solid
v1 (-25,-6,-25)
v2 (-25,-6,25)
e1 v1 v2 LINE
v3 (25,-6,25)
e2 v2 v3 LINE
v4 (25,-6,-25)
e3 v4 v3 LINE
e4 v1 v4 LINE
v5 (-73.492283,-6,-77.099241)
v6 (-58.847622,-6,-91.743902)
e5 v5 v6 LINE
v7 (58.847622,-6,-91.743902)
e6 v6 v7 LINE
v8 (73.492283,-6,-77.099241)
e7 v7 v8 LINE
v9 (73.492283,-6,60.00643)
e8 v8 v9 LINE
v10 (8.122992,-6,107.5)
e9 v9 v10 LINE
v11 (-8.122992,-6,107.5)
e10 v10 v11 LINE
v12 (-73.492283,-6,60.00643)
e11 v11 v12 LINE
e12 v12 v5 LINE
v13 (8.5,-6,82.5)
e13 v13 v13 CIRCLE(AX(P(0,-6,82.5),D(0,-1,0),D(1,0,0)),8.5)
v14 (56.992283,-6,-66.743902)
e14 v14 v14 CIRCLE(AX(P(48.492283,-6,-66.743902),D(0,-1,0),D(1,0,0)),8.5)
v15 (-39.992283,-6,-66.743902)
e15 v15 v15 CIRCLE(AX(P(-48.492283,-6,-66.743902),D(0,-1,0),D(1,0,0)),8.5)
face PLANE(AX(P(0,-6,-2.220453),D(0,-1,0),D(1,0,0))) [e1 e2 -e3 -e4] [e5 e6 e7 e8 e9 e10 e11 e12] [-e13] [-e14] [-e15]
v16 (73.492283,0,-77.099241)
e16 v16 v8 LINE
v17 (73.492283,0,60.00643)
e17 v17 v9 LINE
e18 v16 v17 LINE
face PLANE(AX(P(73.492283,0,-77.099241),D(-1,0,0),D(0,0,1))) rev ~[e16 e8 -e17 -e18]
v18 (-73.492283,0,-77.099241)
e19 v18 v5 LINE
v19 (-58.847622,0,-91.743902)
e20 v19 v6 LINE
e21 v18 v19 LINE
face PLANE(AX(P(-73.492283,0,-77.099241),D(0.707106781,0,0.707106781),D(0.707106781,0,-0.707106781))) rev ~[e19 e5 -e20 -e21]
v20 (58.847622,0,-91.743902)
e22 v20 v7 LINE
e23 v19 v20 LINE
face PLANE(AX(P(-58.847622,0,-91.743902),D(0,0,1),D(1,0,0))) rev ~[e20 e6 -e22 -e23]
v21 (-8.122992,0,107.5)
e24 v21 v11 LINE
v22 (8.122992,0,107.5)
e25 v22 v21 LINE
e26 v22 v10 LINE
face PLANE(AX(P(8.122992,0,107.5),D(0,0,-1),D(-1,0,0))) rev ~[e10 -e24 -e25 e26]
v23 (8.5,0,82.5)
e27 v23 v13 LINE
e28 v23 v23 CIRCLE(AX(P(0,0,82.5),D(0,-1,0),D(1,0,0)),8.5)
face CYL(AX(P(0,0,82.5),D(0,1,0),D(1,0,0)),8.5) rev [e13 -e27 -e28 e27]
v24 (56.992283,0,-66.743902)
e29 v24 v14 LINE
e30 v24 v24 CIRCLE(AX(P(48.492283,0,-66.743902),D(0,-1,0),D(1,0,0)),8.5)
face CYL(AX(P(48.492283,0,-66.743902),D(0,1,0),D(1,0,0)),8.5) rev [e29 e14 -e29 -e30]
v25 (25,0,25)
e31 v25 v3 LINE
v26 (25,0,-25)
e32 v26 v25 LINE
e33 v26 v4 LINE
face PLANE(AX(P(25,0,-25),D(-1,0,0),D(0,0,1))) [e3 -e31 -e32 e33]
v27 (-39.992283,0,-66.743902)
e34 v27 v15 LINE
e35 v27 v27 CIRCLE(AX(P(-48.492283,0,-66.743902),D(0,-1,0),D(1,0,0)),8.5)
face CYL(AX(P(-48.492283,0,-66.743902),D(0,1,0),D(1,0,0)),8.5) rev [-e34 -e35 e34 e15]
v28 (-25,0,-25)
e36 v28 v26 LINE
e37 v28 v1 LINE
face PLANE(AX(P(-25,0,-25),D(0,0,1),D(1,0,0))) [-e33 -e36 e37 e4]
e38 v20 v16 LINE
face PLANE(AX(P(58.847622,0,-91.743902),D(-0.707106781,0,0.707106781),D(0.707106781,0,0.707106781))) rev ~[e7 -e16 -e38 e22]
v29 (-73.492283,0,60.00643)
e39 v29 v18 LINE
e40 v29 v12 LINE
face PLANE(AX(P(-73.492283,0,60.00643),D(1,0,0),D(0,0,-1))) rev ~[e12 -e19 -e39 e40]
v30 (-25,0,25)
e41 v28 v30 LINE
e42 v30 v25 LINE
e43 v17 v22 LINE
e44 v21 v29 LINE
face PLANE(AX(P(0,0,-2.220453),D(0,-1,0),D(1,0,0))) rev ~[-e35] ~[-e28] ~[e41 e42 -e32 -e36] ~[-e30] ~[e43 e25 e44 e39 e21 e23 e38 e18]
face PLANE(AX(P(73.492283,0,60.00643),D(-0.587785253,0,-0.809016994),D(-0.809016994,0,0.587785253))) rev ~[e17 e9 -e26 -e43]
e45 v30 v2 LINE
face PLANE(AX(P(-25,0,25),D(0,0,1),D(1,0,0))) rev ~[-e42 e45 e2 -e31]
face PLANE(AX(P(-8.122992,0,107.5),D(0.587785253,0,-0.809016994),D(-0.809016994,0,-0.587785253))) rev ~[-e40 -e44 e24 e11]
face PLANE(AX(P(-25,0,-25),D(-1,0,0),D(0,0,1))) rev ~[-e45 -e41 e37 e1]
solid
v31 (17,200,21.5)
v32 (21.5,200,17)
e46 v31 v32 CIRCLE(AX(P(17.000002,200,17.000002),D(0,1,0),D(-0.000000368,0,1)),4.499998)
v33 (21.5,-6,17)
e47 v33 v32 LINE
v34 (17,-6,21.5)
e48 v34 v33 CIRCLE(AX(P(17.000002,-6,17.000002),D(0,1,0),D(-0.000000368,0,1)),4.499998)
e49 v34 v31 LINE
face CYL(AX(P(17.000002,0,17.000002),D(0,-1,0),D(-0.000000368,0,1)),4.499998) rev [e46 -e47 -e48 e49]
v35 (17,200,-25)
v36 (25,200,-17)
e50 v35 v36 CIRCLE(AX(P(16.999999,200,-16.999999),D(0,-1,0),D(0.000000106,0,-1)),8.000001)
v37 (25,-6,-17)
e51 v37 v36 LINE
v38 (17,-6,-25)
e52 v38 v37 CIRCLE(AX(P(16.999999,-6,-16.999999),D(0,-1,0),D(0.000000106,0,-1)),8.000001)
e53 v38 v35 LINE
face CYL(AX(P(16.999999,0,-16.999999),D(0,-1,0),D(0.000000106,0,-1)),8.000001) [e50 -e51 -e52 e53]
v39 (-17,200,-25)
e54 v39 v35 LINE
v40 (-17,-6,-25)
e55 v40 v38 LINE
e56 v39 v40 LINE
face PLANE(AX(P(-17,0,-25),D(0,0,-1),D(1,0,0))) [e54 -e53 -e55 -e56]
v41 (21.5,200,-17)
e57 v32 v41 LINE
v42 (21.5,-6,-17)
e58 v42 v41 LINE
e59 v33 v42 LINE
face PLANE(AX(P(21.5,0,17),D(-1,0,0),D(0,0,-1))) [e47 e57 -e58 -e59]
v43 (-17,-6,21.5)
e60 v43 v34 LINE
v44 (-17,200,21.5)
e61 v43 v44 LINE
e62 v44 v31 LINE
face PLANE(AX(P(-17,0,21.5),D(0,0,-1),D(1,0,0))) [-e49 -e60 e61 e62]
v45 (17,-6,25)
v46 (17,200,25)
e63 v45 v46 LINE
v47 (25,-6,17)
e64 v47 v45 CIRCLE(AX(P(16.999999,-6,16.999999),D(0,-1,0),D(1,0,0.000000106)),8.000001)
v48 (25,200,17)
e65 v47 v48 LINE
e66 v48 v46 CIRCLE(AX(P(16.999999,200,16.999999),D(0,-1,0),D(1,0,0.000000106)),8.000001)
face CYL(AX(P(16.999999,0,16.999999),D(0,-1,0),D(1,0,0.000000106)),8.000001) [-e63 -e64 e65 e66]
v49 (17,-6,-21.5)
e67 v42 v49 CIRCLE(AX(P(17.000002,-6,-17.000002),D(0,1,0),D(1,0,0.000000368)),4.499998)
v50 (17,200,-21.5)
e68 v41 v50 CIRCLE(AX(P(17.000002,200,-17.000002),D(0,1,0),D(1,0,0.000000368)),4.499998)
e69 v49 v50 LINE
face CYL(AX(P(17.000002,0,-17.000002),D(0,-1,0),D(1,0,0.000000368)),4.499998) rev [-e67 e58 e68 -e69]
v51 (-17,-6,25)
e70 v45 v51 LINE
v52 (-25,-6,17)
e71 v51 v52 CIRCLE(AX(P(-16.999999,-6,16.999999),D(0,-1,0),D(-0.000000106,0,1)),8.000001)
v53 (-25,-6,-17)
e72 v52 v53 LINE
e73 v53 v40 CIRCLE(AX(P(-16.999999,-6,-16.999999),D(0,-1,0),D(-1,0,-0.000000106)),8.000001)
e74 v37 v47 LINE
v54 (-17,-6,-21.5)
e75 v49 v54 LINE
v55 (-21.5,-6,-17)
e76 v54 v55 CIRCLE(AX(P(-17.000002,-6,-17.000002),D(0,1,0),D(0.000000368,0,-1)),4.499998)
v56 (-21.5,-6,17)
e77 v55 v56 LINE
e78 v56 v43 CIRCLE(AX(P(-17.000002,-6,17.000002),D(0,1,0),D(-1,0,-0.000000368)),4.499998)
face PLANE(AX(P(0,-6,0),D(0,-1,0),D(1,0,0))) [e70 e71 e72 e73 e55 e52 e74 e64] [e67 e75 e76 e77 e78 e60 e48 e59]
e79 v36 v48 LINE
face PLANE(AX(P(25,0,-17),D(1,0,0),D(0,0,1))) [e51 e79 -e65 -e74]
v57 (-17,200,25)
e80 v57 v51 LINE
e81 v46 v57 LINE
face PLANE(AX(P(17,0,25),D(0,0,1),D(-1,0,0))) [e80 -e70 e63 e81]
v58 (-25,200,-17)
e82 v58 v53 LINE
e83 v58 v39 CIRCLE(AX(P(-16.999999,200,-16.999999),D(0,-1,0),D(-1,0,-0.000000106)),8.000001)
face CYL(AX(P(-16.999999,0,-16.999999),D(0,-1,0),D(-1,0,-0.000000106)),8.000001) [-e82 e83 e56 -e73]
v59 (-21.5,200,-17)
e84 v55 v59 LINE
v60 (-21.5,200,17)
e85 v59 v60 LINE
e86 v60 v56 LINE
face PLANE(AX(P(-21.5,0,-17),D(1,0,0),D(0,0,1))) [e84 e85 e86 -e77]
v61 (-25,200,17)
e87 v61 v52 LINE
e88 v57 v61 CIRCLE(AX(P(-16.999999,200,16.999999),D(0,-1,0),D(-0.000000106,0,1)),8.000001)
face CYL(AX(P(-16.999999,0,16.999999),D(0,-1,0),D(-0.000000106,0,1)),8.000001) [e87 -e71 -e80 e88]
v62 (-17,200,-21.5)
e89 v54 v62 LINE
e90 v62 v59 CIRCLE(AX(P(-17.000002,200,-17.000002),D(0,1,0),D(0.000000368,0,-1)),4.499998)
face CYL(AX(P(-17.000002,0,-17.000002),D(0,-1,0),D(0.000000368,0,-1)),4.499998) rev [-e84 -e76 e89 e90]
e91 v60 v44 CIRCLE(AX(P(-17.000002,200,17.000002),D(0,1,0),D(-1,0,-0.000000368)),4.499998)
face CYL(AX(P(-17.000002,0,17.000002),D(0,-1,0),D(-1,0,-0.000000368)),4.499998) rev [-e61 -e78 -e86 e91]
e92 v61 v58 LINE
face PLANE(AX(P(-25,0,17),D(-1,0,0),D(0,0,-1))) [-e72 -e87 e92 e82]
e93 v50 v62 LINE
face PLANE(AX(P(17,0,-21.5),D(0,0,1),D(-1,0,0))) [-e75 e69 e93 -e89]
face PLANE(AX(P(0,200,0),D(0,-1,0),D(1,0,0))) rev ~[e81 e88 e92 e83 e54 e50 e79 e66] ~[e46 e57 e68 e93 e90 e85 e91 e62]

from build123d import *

# Parameters (mm, degrees)
F0_R          = 8.5
F0_W          = 50
F0_H          = 50
F1_DEPTH      = 6
F3_DEPTH      = 6
F3_DEPTH_BACK = 200


with BuildPart() as f1:
    # F0 (on Front) → F1 (new body)
    with BuildSketch(Plane.XZ):
        Polygon((8.122992, 107.5), (0, 107.5), (-8.122992, 107.5), (-73.492283, 60.00643), (-73.492283, -77.099241), (-58.847622, -91.743902), (0, -91.743902), (58.847622, -91.743902), (73.492283, -77.099241), (73.492283, 60.00643), align=None)
        with Locations((-48.492283, -66.743902)):
            Circle(F0_R, mode=Mode.SUBTRACT)
        with Locations((48.492283, -66.743902)):
            Circle(F0_R, mode=Mode.SUBTRACT)
        Rectangle(F0_W, F0_H, mode=Mode.SUBTRACT)
        with Locations((0, 82.5)):
            Circle(F0_R, mode=Mode.SUBTRACT)
    extrude(amount=F1_DEPTH)


with BuildPart() as f3:
    # F2 (on Front) → F3 (new body, two sides)
    with BuildSketch(Plane.XZ) as f3_sk:
        with BuildLine():
            Line((17, 25), (-17, 25))
            ThreePointArc((-17, 25), (-22.656854, 22.656854), (-25, 17))
            Line((-25, 17), (-25, -17))
            ThreePointArc((-25, -17), (-22.656854, -22.656854), (-17, -25))
            Line((-17, -25), (17, -25))
            ThreePointArc((17, -25), (22.656854, -22.656854), (25, -17))
            Line((25, -17), (25, 17))
            ThreePointArc((25, 17), (22.656854, 22.656854), (17, 25))
        make_face()
        with BuildLine():
            ThreePointArc((-21.5, 17), (-20.181981, 20.181981), (-17, 21.5))
            Line((-17, 21.5), (17, 21.5))
            ThreePointArc((17, 21.5), (20.181981, 20.181981), (21.5, 17))
            Line((21.5, 17), (21.5, -17))
            ThreePointArc((21.5, -17), (20.181981, -20.181981), (17, -21.5))
            Line((17, -21.5), (-17, -21.5))
            ThreePointArc((-17, -21.5), (-20.181981, -20.181981), (-21.5, -17))
            Line((-21.5, -17), (-21.5, 17))
        make_face(mode=Mode.SUBTRACT)
    extrude(amount=F3_DEPTH)
    extrude(f3_sk.sketch, amount=-F3_DEPTH_BACK)


solid = Compound([f1.part, f3.part])
